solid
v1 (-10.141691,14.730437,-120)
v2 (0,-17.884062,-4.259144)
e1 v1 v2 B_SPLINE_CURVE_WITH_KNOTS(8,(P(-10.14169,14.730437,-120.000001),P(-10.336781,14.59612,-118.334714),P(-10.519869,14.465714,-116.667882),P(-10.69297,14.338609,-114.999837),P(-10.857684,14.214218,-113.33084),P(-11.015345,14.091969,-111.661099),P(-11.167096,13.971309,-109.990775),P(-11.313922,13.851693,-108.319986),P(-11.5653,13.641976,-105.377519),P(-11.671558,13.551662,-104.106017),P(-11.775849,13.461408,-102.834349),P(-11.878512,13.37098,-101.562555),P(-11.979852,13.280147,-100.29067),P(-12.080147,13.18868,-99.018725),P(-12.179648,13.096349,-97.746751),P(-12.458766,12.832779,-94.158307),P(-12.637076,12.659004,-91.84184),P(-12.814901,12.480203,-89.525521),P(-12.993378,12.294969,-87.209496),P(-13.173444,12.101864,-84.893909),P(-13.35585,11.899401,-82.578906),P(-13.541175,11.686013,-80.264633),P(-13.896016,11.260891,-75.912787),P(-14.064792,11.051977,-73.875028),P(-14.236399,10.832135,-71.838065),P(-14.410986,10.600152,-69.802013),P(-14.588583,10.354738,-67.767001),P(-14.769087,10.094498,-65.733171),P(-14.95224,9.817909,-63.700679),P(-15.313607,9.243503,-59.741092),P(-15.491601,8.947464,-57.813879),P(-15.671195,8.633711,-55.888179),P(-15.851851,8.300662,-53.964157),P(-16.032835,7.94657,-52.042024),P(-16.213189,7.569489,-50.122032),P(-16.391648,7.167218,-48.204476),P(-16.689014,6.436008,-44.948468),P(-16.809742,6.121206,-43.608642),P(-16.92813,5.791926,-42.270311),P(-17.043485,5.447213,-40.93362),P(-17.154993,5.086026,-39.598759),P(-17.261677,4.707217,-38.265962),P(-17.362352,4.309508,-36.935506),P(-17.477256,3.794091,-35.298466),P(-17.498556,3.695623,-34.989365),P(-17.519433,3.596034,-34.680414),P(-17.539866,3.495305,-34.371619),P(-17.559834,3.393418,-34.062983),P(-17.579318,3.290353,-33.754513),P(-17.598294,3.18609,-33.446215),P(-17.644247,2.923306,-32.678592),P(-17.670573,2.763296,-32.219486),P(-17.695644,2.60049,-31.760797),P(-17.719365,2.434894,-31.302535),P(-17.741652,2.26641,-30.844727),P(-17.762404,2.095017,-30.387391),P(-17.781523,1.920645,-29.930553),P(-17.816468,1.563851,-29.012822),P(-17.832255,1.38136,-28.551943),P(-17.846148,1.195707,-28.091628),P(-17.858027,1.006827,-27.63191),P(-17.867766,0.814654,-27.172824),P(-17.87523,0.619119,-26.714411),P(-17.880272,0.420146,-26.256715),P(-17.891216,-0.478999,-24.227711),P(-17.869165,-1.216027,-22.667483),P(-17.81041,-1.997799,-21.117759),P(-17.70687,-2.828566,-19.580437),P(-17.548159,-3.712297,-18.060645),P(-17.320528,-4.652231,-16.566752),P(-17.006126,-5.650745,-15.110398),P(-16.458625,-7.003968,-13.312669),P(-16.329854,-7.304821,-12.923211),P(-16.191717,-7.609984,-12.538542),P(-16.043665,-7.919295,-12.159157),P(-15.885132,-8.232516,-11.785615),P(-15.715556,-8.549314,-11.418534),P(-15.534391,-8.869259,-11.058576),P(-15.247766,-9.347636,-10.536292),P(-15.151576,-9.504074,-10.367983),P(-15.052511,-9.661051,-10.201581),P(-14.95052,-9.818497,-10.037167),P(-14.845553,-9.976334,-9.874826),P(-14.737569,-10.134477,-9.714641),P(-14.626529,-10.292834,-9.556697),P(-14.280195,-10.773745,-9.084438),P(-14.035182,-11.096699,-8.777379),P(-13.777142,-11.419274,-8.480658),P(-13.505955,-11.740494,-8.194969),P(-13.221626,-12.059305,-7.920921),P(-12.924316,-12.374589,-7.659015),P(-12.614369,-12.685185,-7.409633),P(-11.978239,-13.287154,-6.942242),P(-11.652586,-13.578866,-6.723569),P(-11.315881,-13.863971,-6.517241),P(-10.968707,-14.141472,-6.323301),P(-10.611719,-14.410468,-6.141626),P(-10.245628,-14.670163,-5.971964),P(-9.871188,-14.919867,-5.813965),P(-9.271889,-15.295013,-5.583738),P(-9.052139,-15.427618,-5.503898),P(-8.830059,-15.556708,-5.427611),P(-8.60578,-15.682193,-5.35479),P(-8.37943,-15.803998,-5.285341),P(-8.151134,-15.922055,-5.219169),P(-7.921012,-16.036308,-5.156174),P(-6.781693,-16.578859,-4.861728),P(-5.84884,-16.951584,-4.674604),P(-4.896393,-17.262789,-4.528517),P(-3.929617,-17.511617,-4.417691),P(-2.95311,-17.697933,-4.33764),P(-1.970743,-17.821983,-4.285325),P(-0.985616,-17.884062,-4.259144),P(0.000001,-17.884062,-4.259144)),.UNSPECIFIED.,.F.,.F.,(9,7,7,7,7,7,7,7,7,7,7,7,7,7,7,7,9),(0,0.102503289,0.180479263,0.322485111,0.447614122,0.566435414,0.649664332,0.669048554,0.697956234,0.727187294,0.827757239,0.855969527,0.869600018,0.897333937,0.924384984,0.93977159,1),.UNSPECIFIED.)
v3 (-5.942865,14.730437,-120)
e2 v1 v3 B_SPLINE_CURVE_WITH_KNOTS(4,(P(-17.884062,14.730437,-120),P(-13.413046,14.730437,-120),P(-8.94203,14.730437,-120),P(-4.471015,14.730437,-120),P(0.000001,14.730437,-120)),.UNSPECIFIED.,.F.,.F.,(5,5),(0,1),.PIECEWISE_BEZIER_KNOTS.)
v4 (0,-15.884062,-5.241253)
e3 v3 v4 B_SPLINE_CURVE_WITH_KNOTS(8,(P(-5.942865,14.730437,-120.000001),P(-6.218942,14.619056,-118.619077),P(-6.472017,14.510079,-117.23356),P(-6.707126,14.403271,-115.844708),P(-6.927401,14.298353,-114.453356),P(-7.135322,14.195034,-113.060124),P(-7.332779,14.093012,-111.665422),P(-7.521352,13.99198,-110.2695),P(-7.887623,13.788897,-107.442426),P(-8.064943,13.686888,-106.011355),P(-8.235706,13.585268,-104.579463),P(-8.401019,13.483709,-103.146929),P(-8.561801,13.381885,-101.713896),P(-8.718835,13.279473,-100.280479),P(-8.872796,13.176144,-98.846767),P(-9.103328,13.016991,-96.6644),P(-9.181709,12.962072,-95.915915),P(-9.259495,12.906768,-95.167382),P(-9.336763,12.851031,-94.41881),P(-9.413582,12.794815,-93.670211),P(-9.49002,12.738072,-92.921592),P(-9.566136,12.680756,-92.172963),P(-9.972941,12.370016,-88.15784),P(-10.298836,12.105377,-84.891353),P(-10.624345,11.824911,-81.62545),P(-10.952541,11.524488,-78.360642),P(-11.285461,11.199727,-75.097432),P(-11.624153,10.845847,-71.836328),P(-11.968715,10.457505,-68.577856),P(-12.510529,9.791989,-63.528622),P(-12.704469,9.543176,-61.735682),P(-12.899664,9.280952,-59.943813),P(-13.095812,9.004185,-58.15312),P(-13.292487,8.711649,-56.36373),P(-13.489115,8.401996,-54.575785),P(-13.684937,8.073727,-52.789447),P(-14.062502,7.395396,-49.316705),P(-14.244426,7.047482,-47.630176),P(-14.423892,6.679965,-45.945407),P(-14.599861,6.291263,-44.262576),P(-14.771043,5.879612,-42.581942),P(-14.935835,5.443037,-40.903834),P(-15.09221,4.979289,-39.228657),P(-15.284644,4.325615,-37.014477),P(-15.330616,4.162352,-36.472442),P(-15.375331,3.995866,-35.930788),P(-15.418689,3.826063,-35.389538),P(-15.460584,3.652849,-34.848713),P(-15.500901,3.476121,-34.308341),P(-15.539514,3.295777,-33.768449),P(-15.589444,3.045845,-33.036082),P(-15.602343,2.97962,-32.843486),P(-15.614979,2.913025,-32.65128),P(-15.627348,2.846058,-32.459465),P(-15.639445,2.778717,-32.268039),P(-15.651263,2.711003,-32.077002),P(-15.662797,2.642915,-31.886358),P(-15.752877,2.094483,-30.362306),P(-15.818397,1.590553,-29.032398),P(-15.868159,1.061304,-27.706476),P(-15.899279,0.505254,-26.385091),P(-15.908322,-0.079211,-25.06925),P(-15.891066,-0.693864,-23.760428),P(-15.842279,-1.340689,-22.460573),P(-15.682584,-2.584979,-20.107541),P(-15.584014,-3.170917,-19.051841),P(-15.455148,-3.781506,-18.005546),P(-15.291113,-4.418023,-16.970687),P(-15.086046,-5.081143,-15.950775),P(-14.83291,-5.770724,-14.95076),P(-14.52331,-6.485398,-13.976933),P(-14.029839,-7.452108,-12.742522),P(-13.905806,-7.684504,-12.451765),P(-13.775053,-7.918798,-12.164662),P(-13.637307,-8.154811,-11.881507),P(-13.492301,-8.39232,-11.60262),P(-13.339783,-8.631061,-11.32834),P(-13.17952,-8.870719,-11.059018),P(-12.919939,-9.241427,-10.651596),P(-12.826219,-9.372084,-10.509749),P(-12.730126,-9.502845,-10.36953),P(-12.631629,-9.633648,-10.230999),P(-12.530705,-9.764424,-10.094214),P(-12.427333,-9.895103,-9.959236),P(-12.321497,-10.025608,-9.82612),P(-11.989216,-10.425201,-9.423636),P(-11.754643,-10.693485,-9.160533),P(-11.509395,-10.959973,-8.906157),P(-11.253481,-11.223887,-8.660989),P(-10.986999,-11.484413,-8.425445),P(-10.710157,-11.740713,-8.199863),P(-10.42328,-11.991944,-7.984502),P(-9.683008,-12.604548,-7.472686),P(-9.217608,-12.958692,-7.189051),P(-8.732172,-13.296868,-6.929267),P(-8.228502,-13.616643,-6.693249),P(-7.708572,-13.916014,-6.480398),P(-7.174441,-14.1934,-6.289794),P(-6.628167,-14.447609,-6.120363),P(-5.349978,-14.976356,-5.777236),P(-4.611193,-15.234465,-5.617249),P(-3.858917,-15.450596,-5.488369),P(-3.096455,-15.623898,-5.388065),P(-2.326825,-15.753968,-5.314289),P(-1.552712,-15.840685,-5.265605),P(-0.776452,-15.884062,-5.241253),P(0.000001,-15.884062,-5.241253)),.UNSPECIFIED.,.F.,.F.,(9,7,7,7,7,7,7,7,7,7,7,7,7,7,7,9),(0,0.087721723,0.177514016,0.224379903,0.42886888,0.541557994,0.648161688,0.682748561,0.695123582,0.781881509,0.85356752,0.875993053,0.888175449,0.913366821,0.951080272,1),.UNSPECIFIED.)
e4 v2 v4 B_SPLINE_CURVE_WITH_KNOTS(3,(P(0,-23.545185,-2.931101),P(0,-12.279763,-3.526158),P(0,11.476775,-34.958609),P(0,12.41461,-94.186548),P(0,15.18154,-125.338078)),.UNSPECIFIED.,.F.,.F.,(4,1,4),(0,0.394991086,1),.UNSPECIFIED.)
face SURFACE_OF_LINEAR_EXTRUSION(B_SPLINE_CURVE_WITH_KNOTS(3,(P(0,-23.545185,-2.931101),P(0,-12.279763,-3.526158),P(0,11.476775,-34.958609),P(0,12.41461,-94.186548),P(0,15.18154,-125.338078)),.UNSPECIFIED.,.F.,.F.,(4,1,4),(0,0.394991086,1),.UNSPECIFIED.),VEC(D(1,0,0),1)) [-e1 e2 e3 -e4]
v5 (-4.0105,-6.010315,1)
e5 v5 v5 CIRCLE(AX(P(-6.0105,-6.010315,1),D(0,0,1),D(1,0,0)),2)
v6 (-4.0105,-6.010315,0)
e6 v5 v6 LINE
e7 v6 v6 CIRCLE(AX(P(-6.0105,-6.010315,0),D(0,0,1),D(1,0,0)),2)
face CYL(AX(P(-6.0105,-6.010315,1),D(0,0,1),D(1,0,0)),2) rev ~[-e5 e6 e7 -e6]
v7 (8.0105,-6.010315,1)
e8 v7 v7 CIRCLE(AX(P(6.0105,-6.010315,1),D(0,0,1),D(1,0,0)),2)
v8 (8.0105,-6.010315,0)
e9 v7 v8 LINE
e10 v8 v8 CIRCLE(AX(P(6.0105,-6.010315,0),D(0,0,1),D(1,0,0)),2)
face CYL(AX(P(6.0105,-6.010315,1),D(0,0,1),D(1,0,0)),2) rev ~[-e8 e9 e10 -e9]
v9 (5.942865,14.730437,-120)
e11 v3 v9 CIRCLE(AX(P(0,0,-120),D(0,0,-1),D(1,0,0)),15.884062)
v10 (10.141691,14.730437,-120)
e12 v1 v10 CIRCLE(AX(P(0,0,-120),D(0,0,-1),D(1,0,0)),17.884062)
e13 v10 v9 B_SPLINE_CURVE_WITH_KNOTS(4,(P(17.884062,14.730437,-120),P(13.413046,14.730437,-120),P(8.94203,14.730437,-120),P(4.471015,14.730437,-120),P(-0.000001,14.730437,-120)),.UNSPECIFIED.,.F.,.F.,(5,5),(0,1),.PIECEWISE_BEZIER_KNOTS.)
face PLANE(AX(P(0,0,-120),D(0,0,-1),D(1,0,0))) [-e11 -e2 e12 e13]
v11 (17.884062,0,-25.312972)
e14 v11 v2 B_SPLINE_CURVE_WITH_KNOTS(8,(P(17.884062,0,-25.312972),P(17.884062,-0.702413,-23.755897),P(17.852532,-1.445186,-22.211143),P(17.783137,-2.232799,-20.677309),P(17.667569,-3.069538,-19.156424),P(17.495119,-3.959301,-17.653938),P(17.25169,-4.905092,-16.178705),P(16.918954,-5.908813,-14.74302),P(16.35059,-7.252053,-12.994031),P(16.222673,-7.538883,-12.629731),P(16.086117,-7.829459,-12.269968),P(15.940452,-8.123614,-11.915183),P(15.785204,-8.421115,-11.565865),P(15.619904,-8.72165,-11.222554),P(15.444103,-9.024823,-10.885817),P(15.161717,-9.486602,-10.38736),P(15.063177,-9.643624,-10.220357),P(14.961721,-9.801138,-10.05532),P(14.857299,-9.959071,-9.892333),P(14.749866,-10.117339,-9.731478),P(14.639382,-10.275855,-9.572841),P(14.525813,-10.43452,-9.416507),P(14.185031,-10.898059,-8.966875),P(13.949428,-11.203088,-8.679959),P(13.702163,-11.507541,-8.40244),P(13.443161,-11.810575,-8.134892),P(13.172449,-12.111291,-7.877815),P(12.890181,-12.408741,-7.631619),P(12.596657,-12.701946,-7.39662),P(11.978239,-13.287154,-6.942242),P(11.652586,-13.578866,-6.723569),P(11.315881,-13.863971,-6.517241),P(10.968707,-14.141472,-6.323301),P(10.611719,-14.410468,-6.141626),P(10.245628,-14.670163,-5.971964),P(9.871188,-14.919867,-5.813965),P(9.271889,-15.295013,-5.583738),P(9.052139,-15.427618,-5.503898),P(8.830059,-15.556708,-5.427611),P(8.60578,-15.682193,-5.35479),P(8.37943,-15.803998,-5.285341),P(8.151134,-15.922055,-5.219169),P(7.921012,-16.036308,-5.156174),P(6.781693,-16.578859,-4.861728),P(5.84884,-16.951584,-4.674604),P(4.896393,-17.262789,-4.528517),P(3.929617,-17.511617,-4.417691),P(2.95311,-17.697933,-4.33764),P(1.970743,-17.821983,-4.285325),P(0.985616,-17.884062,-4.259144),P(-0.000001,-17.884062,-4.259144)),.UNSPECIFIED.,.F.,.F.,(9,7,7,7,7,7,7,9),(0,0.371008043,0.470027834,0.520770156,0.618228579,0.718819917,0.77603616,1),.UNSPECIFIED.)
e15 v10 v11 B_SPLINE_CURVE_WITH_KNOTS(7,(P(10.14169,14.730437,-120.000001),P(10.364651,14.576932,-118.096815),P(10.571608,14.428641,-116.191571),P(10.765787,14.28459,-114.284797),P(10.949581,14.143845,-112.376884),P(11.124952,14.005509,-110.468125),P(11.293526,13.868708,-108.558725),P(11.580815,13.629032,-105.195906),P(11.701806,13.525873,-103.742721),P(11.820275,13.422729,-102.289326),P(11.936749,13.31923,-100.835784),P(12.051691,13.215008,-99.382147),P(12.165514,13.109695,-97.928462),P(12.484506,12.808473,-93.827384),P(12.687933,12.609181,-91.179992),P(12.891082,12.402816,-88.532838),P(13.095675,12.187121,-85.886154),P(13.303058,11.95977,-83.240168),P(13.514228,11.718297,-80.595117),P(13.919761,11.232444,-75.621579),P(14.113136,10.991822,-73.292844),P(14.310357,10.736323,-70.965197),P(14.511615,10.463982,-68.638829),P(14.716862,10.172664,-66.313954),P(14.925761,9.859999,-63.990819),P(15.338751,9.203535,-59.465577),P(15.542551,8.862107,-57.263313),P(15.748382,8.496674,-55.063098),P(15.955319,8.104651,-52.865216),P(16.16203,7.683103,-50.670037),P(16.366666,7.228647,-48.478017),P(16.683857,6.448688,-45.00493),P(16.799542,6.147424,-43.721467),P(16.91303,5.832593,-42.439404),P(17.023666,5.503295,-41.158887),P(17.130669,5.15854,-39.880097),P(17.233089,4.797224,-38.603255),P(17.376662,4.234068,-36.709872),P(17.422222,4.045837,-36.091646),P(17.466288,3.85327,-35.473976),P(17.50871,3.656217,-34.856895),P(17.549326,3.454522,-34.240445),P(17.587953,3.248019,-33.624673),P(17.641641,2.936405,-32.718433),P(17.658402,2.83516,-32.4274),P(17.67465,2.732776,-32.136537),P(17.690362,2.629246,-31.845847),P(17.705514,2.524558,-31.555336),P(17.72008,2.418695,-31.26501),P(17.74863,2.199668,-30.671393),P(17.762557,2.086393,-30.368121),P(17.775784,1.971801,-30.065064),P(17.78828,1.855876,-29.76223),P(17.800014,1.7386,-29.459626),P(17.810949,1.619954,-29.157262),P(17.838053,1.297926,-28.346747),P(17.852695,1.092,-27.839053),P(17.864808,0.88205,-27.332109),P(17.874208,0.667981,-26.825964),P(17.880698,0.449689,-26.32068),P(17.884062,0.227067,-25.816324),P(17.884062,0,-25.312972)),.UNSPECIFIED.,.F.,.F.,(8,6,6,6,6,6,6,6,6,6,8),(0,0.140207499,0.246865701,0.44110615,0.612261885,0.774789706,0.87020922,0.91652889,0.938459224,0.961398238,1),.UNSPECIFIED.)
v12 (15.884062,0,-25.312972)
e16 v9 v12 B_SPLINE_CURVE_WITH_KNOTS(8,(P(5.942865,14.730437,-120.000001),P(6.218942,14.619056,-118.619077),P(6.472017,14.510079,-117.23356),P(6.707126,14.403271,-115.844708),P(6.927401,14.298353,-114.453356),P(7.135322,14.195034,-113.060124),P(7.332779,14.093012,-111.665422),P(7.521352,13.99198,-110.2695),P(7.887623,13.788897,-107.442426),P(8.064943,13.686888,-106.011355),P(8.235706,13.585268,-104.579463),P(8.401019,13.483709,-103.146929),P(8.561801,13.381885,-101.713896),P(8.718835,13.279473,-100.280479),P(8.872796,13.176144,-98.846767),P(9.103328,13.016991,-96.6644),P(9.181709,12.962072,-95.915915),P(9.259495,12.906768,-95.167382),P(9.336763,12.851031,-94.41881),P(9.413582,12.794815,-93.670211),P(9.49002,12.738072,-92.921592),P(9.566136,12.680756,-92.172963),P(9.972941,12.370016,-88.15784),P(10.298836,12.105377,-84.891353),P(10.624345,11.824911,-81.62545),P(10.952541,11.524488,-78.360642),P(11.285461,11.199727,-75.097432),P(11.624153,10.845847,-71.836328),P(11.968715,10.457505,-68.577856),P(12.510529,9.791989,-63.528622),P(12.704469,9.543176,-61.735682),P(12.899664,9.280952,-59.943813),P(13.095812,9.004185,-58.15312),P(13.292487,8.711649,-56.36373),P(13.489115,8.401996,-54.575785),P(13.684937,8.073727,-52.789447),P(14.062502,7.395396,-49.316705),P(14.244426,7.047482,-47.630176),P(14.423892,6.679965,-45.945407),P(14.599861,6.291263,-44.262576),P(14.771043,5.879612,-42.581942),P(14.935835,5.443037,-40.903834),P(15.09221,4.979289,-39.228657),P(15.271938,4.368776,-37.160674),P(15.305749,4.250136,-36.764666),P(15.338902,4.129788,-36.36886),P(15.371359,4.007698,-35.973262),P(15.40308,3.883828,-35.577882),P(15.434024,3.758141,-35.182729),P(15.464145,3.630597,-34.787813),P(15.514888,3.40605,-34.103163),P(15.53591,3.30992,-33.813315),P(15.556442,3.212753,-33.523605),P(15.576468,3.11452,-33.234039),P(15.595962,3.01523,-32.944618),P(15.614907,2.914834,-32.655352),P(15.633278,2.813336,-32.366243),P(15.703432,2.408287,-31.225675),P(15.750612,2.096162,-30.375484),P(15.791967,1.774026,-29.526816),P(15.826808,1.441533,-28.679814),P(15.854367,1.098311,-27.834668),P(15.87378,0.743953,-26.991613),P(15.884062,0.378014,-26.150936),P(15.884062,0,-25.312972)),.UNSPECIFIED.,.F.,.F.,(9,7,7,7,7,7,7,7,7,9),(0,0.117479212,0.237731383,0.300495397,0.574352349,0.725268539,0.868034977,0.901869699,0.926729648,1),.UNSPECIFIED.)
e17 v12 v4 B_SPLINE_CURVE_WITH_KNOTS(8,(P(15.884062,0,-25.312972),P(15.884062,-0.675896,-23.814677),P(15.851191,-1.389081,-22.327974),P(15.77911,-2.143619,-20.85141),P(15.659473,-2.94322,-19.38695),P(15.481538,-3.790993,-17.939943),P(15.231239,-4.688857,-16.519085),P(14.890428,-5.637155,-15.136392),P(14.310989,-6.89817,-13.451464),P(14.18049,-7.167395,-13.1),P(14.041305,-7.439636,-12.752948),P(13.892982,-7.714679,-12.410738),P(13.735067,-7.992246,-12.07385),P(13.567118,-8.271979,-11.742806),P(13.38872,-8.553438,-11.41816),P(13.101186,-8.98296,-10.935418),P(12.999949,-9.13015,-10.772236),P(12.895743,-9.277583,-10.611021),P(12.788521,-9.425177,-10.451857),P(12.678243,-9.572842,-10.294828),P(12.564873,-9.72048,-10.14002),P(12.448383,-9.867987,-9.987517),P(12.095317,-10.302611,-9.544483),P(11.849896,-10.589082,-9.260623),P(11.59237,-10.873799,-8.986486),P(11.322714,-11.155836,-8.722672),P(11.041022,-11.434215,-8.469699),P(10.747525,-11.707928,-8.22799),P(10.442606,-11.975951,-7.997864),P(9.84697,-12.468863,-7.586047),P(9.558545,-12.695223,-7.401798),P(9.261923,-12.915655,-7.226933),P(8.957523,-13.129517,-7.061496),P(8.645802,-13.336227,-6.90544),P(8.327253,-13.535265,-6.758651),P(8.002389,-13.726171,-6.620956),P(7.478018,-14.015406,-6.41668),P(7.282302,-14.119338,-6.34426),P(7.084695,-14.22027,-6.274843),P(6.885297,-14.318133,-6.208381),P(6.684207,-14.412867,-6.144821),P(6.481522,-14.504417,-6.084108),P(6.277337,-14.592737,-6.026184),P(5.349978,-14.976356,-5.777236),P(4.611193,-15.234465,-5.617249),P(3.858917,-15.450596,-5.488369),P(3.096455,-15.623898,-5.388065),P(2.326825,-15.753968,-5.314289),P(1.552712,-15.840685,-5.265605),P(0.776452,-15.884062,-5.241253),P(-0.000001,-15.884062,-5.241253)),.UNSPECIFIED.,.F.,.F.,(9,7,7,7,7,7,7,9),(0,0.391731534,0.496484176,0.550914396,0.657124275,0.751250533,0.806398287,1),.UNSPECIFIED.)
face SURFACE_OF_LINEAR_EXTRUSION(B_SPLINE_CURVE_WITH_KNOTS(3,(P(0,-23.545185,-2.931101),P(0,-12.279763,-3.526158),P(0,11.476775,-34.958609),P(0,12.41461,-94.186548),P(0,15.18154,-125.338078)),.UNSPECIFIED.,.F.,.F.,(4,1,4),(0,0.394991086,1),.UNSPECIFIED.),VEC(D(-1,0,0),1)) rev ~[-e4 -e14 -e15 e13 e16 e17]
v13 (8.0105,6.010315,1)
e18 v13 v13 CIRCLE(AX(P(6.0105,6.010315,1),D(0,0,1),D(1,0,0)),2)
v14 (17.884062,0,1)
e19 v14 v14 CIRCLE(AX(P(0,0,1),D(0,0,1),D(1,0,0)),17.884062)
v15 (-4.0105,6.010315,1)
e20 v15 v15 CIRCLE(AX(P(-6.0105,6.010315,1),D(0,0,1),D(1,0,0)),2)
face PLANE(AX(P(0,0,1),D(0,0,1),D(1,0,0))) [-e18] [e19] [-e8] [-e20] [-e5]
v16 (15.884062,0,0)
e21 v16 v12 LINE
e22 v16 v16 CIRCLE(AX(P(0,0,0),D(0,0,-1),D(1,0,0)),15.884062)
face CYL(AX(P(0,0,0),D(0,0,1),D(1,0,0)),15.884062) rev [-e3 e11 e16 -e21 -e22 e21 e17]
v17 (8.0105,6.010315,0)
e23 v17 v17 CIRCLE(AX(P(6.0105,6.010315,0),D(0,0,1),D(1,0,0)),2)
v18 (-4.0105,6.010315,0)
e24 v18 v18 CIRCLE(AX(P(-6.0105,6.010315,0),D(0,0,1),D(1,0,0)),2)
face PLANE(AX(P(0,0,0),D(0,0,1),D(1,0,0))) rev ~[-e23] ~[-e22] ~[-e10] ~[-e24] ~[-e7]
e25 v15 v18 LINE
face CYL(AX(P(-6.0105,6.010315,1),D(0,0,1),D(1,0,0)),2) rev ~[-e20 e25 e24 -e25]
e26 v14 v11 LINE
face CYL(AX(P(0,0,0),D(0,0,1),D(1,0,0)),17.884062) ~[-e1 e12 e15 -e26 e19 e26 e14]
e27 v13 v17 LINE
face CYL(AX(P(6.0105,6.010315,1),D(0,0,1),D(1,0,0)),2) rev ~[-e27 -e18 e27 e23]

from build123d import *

# Parameters (mm, degrees)
F0_R     = 17.884061545
F1_DEPTH = 1
F2_R     = 17.884061545
F2_R_2   = 15.884061545
F3_DEPTH = 120
F5_DEPTH = 100
F6_R     = 2
F7_DEPTH = 121.0010007


with BuildPart() as f1:
    # F0 (on Top) → F1 (new body)
    with BuildSketch(Plane.XY):
        Circle(F0_R)
    extrude(amount=F1_DEPTH)

    # F2 (on face) → F3 (join)
    with BuildSketch(Plane(origin=(0, 0, 0), x_dir=(1, 0, 0), z_dir=(0, 0, -1))):
        Circle(F2_R)
        Circle(F2_R_2, mode=Mode.SUBTRACT)
    extrude(amount=F3_DEPTH)

    # F4 (on Right) → F5 (cut, symmetric)
    with BuildSketch(Plane.YZ):
        with BuildLine():
            add(Edge.make_bspline(
                [(-23.545185104, -2.931100782), (-12.2797633222, -3.5261581086), (11.4767752963, -34.9586093489), (12.414609837, -94.1865478451), (15.1815395802, -125.3380775452)],
                knots=[0, 0, 0, 0, 0.3949910862, 1, 1, 1, 1], degree=3))
            Line((-23.545185104, -2.931100782), (-23.545185104, -130.5240243673))
            Line((-23.545185104, -130.5240243673), (15.1815395802, -125.3380775452))
        make_face()
    extrude(amount=F5_DEPTH, both=True, mode=Mode.SUBTRACT)

    # F6 (on face) → F7 (cut, through all)
    with BuildSketch(Plane.XY.offset(1)):
        with Locations((-6.0105, 6.0103152788)):
            Circle(F6_R)
        with Locations((6.0105, 6.0103152788)):
            Circle(F6_R)
        with Locations((6.0105, -6.0103152788)):
            Circle(F6_R)
        with Locations((-6.0105, -6.0103152788)):
            Circle(F6_R)
    extrude(amount=-F7_DEPTH, mode=Mode.SUBTRACT)


solid = f1.part
